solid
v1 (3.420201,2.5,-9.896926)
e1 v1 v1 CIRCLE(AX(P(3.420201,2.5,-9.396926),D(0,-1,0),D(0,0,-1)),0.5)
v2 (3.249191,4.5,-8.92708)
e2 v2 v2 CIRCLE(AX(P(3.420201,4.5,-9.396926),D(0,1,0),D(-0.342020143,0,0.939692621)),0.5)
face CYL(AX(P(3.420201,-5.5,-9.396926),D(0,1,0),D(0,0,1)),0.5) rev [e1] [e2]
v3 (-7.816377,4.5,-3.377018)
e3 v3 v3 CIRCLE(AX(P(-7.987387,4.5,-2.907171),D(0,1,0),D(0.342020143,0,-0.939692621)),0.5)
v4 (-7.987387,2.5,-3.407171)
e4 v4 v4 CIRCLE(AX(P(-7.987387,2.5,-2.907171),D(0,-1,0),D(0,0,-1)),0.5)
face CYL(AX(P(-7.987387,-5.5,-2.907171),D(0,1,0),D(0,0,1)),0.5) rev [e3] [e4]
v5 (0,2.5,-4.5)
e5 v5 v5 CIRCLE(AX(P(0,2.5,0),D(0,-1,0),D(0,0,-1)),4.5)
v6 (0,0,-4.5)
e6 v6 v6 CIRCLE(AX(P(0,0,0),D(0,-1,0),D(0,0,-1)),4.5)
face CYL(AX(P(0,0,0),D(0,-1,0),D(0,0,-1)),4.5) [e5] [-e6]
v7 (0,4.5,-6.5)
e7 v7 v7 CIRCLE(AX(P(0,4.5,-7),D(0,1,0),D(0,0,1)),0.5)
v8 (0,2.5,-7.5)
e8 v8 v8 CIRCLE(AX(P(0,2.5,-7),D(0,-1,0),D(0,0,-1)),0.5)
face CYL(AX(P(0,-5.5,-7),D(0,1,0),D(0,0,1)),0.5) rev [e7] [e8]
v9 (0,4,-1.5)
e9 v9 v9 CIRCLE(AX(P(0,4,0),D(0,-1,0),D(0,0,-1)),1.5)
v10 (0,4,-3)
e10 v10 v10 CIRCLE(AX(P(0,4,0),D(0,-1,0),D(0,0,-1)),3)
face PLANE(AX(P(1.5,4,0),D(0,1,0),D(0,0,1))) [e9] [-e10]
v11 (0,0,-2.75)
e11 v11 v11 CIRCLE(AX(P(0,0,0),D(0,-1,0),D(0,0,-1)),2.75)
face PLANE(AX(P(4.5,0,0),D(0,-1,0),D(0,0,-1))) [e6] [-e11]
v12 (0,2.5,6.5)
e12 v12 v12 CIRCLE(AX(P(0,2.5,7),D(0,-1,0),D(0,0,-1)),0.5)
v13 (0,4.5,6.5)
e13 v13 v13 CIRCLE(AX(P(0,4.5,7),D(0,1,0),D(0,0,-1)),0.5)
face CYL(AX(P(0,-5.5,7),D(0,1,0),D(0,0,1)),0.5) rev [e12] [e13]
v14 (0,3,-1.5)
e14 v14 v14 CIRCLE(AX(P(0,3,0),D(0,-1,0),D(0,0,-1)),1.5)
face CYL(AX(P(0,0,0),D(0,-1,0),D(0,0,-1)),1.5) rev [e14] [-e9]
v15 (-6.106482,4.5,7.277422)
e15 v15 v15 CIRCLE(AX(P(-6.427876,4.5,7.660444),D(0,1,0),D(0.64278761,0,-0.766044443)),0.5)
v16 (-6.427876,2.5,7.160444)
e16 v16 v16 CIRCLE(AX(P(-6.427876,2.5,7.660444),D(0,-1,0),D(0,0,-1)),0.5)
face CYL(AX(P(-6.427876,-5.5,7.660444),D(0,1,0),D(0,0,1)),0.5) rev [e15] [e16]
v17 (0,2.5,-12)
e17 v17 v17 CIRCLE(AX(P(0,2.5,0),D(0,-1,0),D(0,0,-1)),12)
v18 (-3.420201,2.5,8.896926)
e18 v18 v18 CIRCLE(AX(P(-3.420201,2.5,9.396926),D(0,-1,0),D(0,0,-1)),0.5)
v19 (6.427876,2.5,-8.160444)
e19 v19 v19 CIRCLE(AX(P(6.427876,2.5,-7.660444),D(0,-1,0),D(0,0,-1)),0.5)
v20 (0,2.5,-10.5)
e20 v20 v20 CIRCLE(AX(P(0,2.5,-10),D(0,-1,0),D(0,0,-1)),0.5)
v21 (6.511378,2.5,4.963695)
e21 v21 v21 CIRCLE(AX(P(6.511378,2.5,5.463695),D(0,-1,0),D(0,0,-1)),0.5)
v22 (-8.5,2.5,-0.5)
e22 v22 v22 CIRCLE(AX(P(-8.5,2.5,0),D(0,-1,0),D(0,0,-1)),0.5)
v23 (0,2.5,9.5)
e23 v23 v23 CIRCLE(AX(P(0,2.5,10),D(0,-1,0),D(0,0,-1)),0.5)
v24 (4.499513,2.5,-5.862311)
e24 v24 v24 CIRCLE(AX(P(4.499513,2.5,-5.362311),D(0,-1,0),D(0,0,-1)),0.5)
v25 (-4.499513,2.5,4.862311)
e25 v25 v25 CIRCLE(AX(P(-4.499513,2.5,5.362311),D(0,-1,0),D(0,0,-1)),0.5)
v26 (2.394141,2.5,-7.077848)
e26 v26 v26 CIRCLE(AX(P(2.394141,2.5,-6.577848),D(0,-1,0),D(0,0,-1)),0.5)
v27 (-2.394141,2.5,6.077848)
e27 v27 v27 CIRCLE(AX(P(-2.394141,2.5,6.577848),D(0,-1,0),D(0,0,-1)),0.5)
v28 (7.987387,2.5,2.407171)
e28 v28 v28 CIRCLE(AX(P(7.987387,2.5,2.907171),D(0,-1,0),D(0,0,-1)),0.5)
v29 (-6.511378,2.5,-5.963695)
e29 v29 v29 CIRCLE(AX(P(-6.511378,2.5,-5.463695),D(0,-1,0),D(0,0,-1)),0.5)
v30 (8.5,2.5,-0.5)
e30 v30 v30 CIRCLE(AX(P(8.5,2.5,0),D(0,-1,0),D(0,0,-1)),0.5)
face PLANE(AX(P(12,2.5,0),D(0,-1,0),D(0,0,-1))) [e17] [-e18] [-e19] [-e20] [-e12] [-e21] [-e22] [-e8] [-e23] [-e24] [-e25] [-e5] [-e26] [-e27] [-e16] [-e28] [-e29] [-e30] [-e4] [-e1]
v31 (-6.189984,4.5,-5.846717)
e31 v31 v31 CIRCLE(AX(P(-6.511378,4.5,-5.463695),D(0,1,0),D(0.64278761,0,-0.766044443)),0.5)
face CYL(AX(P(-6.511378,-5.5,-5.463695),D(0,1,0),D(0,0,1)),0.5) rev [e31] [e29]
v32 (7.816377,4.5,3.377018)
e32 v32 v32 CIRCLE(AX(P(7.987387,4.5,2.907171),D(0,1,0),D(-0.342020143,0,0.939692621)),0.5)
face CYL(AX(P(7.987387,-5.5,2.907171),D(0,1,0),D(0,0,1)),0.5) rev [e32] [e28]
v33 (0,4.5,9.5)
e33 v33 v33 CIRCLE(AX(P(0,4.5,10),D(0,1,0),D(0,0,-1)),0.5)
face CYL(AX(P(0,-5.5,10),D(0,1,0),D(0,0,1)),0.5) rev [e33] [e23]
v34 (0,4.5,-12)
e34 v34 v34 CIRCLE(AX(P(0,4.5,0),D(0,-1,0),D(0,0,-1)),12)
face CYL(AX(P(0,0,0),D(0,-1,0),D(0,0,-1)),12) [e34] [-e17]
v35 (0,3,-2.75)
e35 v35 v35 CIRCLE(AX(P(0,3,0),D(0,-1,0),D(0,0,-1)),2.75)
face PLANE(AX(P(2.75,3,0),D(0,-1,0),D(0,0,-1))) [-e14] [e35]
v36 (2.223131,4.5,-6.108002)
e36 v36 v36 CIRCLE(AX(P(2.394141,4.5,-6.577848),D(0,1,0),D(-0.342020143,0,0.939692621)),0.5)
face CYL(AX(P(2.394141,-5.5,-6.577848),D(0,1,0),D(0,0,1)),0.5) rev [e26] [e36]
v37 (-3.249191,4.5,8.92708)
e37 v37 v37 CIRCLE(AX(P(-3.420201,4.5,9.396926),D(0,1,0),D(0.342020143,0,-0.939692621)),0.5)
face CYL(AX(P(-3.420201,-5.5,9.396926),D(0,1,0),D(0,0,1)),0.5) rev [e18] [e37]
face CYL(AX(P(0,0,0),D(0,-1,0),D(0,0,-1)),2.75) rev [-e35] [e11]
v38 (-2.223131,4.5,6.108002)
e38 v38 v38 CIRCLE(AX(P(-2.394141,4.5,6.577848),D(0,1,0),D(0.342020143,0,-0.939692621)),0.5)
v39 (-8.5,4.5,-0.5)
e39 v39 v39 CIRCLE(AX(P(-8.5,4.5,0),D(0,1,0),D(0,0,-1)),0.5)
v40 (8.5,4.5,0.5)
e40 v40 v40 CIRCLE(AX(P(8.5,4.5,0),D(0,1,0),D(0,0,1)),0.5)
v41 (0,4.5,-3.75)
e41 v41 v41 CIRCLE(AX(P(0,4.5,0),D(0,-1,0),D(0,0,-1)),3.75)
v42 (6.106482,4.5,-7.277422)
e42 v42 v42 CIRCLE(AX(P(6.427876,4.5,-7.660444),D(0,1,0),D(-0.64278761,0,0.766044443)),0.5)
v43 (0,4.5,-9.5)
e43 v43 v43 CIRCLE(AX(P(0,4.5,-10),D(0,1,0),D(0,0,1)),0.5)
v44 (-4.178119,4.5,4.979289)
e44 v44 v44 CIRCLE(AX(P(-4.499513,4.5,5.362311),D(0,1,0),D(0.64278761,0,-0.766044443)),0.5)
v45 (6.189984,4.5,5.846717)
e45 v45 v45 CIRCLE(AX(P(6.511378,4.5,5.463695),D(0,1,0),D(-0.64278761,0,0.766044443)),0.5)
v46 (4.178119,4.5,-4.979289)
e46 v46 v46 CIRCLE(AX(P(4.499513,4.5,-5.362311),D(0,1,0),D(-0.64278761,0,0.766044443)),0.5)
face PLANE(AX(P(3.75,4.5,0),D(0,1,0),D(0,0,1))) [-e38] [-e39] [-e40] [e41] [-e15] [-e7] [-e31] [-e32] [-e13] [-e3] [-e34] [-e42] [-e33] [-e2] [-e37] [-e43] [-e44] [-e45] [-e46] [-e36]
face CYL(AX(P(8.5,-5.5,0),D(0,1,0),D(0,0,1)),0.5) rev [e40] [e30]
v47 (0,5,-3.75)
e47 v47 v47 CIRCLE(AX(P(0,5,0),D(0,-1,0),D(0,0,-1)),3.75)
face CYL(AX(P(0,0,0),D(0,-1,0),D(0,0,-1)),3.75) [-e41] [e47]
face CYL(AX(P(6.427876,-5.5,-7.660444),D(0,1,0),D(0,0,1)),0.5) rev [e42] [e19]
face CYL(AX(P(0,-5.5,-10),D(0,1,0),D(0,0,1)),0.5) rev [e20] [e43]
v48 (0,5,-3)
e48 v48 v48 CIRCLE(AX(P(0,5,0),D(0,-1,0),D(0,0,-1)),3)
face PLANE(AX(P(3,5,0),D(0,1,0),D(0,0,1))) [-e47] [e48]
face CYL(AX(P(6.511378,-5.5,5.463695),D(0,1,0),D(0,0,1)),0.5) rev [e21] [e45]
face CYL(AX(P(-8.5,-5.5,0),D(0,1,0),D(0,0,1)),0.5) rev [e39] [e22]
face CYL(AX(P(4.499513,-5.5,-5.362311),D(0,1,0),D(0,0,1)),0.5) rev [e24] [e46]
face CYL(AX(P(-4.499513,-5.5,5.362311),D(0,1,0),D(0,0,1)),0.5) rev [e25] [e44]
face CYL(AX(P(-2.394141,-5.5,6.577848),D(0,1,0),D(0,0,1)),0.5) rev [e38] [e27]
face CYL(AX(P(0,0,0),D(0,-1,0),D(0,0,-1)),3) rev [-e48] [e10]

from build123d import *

# Parameters (mm, degrees)
ESQUISSE2_R                  = 0.5
ENL_V_MAT_EXTRU_1_DEPTH      = 10
R_P_TITION_CIRCULAIRE1_COUNT = 3
R_P_TITION_CIRCULAIRE1_ANGLE = 40


with BuildPart() as part:
    # Esquisse1 → Révolution1 (revolve)
    with BuildSketch(Plane.XY, mode=Mode.PRIVATE) as r_volution1_sk:
        Polygon((2.75, 0), (2.75, 3), (1.5, 3), (1.5, 4), (3, 4), (3, 5), (3.75, 5), (3.75, 4.5), (12, 4.5), (12, 2.5), (4.5, 2.5), (4.5, 0), align=None)
    revolve(r_volution1_sk.sketch.rotate(Axis((0, 0, 0), (0, 1, 0)), 90), axis=Axis((0, 0, 0), (0, 1, 0)))

    # Esquisse2 → Enlèv. mat.-Extru.1 (cut)
    with BuildSketch(Plane(origin=(0, 4.5, 0), x_dir=(1, 0, 0), z_dir=(0, 1, 0))):
        with Locations(Location((0, 10, 0), (0, 0, 270))):
            Circle(ESQUISSE2_R)
        with Locations(Location((8.5, 0, 0), (0, 0, 270))):
            Circle(ESQUISSE2_R)
        with Locations(Location((0, 7, 0), (0, 0, 270))):
            Circle(ESQUISSE2_R)
        with Locations(Location((0, -7, 0), (0, 0, 90))):
            Circle(ESQUISSE2_R)
        with Locations(Location((0, -10, 0), (0, 0, 90))):
            Circle(ESQUISSE2_R)
        with Locations(Location((-8.5, 0, 0), (0, 0, 90))):
            Circle(ESQUISSE2_R)
    enl_v_mat_extru_1 = extrude(amount=-ENL_V_MAT_EXTRU_1_DEPTH, mode=Mode.SUBTRACT)

    # Répétition circulaire1: Enlèv. mat.-Extru.1 ×3 about axis
    r_p_tition_circulaire1_axis = Axis((0, 0, 0), (0, -1, 0))
    for i in range(1, R_P_TITION_CIRCULAIRE1_COUNT):
        add(enl_v_mat_extru_1.rotate(r_p_tition_circulaire1_axis, i * R_P_TITION_CIRCULAIRE1_ANGLE / (R_P_TITION_CIRCULAIRE1_COUNT - 1)), mode=Mode.SUBTRACT)


solid = part.part
